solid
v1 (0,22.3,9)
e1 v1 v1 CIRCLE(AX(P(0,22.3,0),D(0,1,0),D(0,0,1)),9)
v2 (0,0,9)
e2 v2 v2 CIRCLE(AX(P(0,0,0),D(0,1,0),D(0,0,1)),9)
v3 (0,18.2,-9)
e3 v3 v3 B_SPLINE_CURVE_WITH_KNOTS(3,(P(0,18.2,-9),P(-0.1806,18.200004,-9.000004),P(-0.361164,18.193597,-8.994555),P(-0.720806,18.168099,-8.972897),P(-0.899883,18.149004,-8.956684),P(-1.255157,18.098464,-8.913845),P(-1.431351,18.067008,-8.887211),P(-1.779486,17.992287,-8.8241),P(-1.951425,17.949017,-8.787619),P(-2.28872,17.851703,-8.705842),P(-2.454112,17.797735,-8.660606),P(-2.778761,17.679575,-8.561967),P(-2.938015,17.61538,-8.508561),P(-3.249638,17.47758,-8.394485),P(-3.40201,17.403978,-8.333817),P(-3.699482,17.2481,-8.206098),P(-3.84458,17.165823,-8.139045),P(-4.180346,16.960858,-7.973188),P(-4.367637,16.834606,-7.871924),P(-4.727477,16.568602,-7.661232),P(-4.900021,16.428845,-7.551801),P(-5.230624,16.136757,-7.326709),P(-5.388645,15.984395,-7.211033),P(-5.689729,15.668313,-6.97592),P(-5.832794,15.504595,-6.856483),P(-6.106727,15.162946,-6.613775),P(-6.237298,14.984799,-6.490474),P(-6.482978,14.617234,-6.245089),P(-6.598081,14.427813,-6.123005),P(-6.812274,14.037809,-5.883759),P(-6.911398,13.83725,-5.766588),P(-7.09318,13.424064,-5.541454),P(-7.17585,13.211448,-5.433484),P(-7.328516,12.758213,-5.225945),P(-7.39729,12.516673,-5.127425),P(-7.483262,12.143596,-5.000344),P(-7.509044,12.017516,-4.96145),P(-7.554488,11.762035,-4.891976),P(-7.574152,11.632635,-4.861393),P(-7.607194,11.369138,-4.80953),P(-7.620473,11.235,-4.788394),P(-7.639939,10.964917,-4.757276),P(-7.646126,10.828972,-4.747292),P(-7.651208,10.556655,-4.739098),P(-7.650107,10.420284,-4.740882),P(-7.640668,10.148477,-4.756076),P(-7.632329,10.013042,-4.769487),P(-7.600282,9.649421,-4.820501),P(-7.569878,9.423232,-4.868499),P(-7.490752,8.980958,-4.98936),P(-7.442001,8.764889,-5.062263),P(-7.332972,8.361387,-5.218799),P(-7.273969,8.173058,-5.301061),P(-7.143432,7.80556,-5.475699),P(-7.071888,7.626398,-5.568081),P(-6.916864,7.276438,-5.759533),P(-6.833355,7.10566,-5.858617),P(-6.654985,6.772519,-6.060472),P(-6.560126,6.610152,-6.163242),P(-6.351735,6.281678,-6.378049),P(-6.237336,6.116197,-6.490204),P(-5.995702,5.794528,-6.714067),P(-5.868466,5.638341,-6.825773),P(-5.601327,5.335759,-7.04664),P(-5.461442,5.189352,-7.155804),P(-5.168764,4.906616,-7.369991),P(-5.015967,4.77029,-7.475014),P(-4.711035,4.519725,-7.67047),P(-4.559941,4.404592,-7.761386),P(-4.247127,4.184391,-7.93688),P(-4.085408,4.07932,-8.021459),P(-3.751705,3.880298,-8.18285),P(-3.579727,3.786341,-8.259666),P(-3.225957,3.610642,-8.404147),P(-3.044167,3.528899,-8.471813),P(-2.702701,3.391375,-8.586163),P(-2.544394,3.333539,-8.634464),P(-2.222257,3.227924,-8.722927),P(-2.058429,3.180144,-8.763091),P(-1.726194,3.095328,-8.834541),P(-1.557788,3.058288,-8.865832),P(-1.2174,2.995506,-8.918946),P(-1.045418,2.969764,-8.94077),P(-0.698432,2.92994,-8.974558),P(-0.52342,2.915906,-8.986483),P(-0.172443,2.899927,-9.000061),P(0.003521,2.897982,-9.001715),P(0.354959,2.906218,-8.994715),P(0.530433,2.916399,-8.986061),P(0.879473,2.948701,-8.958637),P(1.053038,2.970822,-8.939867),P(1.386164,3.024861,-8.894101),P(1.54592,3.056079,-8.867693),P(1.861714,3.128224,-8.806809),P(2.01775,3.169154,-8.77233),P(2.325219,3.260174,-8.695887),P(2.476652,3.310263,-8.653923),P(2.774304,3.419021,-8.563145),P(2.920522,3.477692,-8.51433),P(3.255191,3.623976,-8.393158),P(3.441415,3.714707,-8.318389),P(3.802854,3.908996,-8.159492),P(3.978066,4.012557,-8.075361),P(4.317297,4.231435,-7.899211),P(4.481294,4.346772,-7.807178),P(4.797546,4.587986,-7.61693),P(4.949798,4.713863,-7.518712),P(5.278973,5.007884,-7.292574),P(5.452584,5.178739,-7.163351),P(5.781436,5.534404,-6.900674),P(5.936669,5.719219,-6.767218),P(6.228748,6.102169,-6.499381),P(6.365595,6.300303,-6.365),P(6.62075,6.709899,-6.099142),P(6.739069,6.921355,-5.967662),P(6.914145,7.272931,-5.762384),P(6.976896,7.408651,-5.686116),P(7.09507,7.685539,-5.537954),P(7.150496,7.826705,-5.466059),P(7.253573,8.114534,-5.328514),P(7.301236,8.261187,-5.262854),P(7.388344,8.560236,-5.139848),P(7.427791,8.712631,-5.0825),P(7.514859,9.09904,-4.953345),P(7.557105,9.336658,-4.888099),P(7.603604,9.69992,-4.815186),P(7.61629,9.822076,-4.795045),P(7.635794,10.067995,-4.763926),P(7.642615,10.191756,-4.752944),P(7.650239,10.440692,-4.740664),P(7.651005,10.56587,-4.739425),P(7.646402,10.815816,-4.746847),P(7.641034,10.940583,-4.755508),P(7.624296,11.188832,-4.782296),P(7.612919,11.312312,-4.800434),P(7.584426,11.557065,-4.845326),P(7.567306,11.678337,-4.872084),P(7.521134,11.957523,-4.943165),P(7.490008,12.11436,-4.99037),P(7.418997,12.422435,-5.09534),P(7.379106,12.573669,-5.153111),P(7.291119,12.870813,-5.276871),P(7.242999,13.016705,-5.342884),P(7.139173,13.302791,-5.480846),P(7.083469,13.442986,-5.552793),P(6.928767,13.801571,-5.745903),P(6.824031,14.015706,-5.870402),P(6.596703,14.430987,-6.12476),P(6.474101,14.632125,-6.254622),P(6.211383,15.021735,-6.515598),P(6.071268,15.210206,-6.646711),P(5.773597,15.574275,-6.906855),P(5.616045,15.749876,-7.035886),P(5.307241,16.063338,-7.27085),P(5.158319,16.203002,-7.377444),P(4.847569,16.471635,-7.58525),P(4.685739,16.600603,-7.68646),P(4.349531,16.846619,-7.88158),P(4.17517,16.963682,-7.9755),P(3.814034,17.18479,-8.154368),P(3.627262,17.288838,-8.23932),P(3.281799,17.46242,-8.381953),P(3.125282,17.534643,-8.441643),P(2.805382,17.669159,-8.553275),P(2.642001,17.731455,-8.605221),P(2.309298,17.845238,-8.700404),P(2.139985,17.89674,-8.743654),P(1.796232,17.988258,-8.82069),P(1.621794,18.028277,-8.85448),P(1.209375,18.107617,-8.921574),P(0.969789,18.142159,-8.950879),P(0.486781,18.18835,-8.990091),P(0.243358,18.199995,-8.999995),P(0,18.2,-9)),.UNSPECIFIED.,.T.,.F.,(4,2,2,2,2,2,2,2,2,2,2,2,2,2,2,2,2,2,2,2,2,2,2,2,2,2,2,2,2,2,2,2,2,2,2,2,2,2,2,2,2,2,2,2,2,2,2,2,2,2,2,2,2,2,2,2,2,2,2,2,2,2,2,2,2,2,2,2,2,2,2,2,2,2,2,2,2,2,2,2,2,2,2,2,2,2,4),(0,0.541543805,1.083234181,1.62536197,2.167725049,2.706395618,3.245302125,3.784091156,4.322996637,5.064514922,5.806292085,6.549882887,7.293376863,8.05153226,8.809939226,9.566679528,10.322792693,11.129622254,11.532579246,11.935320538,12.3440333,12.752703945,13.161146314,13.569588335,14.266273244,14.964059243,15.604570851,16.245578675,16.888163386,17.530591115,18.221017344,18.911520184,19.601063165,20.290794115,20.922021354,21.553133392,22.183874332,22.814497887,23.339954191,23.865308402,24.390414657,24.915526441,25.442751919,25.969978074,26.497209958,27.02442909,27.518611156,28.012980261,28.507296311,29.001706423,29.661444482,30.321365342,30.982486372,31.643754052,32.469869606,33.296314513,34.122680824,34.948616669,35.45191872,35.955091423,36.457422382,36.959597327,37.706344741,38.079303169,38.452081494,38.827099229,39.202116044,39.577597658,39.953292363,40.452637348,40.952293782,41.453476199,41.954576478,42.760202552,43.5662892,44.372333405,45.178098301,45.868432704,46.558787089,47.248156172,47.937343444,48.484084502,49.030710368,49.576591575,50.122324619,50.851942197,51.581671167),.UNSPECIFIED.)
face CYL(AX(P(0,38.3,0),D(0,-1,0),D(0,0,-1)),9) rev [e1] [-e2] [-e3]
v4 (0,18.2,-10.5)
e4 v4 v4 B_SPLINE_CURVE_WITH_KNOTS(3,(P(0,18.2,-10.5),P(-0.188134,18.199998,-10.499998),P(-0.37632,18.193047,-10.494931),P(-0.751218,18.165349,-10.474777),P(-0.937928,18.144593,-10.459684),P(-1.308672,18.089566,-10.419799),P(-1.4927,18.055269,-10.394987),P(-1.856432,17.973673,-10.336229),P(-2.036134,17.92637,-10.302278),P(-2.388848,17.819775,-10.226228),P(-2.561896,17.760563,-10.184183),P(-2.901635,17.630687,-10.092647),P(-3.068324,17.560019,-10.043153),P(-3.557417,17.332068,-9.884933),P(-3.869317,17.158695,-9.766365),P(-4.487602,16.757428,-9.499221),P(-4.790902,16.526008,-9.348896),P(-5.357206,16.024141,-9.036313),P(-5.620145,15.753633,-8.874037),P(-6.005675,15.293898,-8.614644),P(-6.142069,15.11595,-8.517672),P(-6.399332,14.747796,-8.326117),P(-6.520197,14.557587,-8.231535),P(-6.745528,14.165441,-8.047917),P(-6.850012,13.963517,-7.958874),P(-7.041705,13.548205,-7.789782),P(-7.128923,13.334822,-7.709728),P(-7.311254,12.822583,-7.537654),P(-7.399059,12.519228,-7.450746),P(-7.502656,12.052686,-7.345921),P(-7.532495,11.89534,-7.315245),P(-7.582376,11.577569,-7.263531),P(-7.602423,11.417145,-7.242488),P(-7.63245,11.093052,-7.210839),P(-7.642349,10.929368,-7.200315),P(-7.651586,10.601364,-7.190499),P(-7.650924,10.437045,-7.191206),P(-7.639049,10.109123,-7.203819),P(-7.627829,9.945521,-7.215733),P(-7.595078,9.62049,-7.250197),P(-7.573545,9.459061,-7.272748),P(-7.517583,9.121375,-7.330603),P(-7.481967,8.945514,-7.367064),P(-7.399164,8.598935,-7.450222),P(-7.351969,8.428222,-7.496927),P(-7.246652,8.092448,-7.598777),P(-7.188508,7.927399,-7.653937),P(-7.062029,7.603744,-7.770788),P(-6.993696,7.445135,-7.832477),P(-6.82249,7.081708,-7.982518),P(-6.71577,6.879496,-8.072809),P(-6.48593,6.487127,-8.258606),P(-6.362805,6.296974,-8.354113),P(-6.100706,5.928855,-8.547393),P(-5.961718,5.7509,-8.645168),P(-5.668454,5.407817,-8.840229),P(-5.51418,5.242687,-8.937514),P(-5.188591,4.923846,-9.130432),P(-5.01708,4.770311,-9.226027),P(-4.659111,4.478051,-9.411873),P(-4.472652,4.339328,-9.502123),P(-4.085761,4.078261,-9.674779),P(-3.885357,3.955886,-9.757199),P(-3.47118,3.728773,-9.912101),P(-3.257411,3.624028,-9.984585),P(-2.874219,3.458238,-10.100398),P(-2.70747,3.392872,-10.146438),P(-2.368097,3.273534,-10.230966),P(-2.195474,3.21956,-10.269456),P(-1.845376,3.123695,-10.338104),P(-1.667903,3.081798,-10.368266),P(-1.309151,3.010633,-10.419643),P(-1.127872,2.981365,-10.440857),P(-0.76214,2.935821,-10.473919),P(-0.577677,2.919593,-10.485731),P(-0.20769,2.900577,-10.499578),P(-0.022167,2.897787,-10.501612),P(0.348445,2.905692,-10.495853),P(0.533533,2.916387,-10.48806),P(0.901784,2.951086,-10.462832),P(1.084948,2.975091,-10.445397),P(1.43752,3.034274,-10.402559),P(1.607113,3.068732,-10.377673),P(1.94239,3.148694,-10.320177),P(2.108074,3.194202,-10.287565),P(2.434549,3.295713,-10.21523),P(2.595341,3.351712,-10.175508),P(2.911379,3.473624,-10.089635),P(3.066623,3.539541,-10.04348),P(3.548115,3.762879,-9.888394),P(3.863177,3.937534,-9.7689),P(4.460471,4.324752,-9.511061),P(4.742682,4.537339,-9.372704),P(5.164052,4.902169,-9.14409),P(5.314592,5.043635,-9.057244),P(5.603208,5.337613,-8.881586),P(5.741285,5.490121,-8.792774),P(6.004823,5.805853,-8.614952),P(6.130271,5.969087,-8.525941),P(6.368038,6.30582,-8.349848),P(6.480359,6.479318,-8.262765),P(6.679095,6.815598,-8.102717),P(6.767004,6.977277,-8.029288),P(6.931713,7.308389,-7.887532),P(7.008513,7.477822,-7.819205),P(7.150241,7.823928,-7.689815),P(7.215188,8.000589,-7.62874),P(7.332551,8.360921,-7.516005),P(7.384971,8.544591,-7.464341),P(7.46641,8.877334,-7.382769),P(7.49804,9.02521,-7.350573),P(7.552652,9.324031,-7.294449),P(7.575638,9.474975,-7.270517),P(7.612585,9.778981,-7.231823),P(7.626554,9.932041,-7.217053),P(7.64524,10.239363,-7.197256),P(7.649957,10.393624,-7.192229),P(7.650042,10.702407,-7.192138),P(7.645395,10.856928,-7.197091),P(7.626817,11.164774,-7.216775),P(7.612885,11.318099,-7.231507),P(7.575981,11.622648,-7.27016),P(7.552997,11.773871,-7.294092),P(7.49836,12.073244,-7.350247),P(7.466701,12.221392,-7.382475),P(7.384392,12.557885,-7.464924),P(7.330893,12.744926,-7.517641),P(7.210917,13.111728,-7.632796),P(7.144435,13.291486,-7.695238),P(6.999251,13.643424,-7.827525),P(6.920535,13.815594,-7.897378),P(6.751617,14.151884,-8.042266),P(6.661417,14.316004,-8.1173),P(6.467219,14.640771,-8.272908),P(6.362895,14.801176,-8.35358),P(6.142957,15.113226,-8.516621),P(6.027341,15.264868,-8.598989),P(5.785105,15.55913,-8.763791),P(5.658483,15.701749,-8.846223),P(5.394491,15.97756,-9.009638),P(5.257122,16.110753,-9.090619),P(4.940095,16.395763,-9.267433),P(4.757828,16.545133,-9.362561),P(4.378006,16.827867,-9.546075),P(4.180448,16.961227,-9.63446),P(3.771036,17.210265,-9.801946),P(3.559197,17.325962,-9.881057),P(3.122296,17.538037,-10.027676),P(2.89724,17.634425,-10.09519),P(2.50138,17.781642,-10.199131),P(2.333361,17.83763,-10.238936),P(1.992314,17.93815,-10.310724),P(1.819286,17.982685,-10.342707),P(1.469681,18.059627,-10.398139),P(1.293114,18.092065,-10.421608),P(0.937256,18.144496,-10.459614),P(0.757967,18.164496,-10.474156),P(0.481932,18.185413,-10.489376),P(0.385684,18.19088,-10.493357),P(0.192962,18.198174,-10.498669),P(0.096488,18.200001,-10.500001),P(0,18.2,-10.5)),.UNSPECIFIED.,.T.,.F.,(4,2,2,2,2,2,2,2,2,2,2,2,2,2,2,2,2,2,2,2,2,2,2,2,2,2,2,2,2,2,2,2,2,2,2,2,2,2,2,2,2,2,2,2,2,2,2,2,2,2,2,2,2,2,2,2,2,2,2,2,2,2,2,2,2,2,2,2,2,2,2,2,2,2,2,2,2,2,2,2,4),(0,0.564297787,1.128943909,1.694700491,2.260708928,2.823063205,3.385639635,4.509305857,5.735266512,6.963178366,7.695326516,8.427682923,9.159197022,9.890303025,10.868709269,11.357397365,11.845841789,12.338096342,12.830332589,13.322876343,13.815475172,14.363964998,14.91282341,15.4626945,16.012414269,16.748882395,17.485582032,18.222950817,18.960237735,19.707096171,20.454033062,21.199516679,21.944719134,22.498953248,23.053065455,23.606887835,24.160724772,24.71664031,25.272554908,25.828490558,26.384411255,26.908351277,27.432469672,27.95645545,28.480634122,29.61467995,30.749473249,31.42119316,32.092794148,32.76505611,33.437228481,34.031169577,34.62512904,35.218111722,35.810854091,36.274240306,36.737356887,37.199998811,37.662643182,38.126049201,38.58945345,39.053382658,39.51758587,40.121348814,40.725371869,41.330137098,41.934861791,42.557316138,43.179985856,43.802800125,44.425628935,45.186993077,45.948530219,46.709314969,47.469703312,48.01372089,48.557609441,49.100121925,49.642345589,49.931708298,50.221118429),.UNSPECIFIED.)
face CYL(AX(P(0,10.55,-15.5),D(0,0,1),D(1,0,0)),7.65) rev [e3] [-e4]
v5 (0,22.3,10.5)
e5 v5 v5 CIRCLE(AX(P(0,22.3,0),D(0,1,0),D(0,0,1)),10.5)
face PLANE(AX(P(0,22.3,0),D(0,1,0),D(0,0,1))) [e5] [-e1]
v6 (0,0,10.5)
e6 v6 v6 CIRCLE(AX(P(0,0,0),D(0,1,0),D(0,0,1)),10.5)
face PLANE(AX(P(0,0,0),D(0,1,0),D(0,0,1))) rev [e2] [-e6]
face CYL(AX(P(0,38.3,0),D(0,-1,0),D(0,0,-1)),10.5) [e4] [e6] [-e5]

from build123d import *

# Parameters (mm, degrees)
SKETCH1_R           = 10.5
SKETCH1_R_2         = 9
BOSS_EXTRUDE1_DEPTH = 38.3
SKETCH2_R           = 1
SKETCH2_R_2         = 9
BOSS_EXTRUDE2_DEPTH = 1.5
FILLET1_R           = 0.5
SKETCH10_R          = 7.65
CUT_EXTRUDE1_DEPTH  = 46.293682625
SKETCH15_R          = 20.755300819
CUT_EXTRUDE3_DEPTH  = 17.5


with BuildPart() as part:
    # Sketch1 → Boss-Extrude1 (new body)
    with BuildSketch(Plane(origin=(0, 0, 0), x_dir=(1, 0, 0), z_dir=(0, 1, 0))):
        with Locations(Location((0, 0, 0), (0, 0, 270))):
            Circle(SKETCH1_R)
        with Locations(Location((0, 0, 0), (0, 0, 270))):
            Circle(SKETCH1_R_2, mode=Mode.SUBTRACT)
    extrude(amount=BOSS_EXTRUDE1_DEPTH)

    # Sketch2 → Boss-Extrude2 (add)
    with BuildSketch(Plane(origin=(0, 38.3, 0), x_dir=(1, 0, 0), z_dir=(0, 1, 0))):
        with BuildLine():
            Line((-3, -12.1346611), (-3, -12.5))
            ThreePointArc((-3, -12.5), (0, -15.5), (3, -12.5))
            Line((3, -12.5), (3, -12.1346611))
            ThreePointArc((3, -12.1346611), (6.25, -10.825317547), (9.008924778, -8.665406761))
            Line((9.008924778, -8.665406761), (9.325317547, -8.848076211))
            ThreePointArc((9.325317547, -8.848076211), (13.423393759, -7.75), (12.325317547, -3.651923789))
            Line((12.325317547, -3.651923789), (12.008924778, -3.469254338))
            ThreePointArc((12.008924778, -3.469254338), (12.393060767, -1.631577403), (12.497639685, 0.24290392))
            Line((12.497639685, 0.24290392), (12.850529964, 0.337460585))
            ThreePointArc((12.850529964, 0.337460585), (14.971850307, 4.011695199), (11.297615693, 6.133015543))
            Line((11.297615693, 6.133015543), (10.944725414, 6.038458877))
            ThreePointArc((10.944725414, 6.038458877), (7.609517863, 9.916916754), (3, 12.1346611))
            Line((3, 12.1346611), (3, 12.5))
            ThreePointArc((3, 12.5), (0, 15.5), (-3, 12.5))
            Line((-3, 12.5), (-3, 12.1346611))
            ThreePointArc((-3, 12.1346611), (-7.609517863, 9.916916754), (-10.944725414, 6.038458877))
            Line((-10.944725414, 6.038458877), (-11.297615693, 6.133015543))
            ThreePointArc((-11.297615693, 6.133015543), (-14.971850307, 4.011695199), (-12.850529964, 0.337460585))
            Line((-12.850529964, 0.337460585), (-12.497639685, 0.24290392))
            ThreePointArc((-12.497639685, 0.24290392), (-12.393060767, -1.631577403), (-12.008924778, -3.469254338))
            Line((-12.008924778, -3.469254338), (-12.325317547, -3.651923789))
            ThreePointArc((-12.325317547, -3.651923789), (-13.423393759, -7.75), (-9.325317547, -8.848076211))
            Line((-9.325317547, -8.848076211), (-9.008924778, -8.665406761))
            ThreePointArc((-9.008924778, -8.665406761), (-6.25, -10.825317547), (-3, -12.1346611))
        make_face()
        with Locations(Location((-12.074072829, 3.235238064, 0), (0, 0, 270))):
            Circle(SKETCH2_R, mode=Mode.SUBTRACT)
        with Locations(Location((0, 0, 0), (0, 0, 270))):
            Circle(SKETCH2_R_2, mode=Mode.SUBTRACT)
        with Locations((12.074072829, 3.235238064)):
            Circle(SKETCH2_R, mode=Mode.SUBTRACT)
        with Locations(Location((0, -12.5, 0), (0, 0, 270))):
            Circle(SKETCH2_R, mode=Mode.SUBTRACT)
    extrude(amount=BOSS_EXTRUDE2_DEPTH)

    # Fillet1
    fillet1_edges = [part.edges().sort_by_distance(p)[0] for p in [
        (-3, 39.05, 12.1346611),
        (3, 39.05, 12.1346611),
        (9.008924778, 39.05, 8.665406761),
        (12.008924778, 39.05, 3.469254338),
        (12.497639685, 39.05, -0.24290392),
        (10.944725414, 39.05, -6.038458877),
        (3, 39.05, -12.1346611),
        (-3, 39.05, -12.1346611),
        (-10.944725414, 39.05, -6.038458877),
        (-12.497639685, 39.05, -0.24290392),
        (-12.008924778, 39.05, 3.469254338),
        (-9.008924778, 39.05, 8.665406761),
    ]]
    fillet(fillet1_edges, radius=FILLET1_R)

    # Sketch10 → Cut-Extrude1 (cut, through all)
    with BuildSketch(Plane.XY):
        with Locations(Location((0, 10.55, 0), (0, 0, 90))):
            Circle(SKETCH10_R)
    extrude(amount=-CUT_EXTRUDE1_DEPTH, mode=Mode.SUBTRACT)

    # Sketch15 → Cut-Extrude3 (cut)
    with BuildSketch(Plane(origin=(0, 39.8, 0), x_dir=(1, 0, 0), z_dir=(0, 1, 0))):
        Circle(SKETCH15_R)
    extrude(amount=-CUT_EXTRUDE3_DEPTH, mode=Mode.SUBTRACT)


solid = part.part
